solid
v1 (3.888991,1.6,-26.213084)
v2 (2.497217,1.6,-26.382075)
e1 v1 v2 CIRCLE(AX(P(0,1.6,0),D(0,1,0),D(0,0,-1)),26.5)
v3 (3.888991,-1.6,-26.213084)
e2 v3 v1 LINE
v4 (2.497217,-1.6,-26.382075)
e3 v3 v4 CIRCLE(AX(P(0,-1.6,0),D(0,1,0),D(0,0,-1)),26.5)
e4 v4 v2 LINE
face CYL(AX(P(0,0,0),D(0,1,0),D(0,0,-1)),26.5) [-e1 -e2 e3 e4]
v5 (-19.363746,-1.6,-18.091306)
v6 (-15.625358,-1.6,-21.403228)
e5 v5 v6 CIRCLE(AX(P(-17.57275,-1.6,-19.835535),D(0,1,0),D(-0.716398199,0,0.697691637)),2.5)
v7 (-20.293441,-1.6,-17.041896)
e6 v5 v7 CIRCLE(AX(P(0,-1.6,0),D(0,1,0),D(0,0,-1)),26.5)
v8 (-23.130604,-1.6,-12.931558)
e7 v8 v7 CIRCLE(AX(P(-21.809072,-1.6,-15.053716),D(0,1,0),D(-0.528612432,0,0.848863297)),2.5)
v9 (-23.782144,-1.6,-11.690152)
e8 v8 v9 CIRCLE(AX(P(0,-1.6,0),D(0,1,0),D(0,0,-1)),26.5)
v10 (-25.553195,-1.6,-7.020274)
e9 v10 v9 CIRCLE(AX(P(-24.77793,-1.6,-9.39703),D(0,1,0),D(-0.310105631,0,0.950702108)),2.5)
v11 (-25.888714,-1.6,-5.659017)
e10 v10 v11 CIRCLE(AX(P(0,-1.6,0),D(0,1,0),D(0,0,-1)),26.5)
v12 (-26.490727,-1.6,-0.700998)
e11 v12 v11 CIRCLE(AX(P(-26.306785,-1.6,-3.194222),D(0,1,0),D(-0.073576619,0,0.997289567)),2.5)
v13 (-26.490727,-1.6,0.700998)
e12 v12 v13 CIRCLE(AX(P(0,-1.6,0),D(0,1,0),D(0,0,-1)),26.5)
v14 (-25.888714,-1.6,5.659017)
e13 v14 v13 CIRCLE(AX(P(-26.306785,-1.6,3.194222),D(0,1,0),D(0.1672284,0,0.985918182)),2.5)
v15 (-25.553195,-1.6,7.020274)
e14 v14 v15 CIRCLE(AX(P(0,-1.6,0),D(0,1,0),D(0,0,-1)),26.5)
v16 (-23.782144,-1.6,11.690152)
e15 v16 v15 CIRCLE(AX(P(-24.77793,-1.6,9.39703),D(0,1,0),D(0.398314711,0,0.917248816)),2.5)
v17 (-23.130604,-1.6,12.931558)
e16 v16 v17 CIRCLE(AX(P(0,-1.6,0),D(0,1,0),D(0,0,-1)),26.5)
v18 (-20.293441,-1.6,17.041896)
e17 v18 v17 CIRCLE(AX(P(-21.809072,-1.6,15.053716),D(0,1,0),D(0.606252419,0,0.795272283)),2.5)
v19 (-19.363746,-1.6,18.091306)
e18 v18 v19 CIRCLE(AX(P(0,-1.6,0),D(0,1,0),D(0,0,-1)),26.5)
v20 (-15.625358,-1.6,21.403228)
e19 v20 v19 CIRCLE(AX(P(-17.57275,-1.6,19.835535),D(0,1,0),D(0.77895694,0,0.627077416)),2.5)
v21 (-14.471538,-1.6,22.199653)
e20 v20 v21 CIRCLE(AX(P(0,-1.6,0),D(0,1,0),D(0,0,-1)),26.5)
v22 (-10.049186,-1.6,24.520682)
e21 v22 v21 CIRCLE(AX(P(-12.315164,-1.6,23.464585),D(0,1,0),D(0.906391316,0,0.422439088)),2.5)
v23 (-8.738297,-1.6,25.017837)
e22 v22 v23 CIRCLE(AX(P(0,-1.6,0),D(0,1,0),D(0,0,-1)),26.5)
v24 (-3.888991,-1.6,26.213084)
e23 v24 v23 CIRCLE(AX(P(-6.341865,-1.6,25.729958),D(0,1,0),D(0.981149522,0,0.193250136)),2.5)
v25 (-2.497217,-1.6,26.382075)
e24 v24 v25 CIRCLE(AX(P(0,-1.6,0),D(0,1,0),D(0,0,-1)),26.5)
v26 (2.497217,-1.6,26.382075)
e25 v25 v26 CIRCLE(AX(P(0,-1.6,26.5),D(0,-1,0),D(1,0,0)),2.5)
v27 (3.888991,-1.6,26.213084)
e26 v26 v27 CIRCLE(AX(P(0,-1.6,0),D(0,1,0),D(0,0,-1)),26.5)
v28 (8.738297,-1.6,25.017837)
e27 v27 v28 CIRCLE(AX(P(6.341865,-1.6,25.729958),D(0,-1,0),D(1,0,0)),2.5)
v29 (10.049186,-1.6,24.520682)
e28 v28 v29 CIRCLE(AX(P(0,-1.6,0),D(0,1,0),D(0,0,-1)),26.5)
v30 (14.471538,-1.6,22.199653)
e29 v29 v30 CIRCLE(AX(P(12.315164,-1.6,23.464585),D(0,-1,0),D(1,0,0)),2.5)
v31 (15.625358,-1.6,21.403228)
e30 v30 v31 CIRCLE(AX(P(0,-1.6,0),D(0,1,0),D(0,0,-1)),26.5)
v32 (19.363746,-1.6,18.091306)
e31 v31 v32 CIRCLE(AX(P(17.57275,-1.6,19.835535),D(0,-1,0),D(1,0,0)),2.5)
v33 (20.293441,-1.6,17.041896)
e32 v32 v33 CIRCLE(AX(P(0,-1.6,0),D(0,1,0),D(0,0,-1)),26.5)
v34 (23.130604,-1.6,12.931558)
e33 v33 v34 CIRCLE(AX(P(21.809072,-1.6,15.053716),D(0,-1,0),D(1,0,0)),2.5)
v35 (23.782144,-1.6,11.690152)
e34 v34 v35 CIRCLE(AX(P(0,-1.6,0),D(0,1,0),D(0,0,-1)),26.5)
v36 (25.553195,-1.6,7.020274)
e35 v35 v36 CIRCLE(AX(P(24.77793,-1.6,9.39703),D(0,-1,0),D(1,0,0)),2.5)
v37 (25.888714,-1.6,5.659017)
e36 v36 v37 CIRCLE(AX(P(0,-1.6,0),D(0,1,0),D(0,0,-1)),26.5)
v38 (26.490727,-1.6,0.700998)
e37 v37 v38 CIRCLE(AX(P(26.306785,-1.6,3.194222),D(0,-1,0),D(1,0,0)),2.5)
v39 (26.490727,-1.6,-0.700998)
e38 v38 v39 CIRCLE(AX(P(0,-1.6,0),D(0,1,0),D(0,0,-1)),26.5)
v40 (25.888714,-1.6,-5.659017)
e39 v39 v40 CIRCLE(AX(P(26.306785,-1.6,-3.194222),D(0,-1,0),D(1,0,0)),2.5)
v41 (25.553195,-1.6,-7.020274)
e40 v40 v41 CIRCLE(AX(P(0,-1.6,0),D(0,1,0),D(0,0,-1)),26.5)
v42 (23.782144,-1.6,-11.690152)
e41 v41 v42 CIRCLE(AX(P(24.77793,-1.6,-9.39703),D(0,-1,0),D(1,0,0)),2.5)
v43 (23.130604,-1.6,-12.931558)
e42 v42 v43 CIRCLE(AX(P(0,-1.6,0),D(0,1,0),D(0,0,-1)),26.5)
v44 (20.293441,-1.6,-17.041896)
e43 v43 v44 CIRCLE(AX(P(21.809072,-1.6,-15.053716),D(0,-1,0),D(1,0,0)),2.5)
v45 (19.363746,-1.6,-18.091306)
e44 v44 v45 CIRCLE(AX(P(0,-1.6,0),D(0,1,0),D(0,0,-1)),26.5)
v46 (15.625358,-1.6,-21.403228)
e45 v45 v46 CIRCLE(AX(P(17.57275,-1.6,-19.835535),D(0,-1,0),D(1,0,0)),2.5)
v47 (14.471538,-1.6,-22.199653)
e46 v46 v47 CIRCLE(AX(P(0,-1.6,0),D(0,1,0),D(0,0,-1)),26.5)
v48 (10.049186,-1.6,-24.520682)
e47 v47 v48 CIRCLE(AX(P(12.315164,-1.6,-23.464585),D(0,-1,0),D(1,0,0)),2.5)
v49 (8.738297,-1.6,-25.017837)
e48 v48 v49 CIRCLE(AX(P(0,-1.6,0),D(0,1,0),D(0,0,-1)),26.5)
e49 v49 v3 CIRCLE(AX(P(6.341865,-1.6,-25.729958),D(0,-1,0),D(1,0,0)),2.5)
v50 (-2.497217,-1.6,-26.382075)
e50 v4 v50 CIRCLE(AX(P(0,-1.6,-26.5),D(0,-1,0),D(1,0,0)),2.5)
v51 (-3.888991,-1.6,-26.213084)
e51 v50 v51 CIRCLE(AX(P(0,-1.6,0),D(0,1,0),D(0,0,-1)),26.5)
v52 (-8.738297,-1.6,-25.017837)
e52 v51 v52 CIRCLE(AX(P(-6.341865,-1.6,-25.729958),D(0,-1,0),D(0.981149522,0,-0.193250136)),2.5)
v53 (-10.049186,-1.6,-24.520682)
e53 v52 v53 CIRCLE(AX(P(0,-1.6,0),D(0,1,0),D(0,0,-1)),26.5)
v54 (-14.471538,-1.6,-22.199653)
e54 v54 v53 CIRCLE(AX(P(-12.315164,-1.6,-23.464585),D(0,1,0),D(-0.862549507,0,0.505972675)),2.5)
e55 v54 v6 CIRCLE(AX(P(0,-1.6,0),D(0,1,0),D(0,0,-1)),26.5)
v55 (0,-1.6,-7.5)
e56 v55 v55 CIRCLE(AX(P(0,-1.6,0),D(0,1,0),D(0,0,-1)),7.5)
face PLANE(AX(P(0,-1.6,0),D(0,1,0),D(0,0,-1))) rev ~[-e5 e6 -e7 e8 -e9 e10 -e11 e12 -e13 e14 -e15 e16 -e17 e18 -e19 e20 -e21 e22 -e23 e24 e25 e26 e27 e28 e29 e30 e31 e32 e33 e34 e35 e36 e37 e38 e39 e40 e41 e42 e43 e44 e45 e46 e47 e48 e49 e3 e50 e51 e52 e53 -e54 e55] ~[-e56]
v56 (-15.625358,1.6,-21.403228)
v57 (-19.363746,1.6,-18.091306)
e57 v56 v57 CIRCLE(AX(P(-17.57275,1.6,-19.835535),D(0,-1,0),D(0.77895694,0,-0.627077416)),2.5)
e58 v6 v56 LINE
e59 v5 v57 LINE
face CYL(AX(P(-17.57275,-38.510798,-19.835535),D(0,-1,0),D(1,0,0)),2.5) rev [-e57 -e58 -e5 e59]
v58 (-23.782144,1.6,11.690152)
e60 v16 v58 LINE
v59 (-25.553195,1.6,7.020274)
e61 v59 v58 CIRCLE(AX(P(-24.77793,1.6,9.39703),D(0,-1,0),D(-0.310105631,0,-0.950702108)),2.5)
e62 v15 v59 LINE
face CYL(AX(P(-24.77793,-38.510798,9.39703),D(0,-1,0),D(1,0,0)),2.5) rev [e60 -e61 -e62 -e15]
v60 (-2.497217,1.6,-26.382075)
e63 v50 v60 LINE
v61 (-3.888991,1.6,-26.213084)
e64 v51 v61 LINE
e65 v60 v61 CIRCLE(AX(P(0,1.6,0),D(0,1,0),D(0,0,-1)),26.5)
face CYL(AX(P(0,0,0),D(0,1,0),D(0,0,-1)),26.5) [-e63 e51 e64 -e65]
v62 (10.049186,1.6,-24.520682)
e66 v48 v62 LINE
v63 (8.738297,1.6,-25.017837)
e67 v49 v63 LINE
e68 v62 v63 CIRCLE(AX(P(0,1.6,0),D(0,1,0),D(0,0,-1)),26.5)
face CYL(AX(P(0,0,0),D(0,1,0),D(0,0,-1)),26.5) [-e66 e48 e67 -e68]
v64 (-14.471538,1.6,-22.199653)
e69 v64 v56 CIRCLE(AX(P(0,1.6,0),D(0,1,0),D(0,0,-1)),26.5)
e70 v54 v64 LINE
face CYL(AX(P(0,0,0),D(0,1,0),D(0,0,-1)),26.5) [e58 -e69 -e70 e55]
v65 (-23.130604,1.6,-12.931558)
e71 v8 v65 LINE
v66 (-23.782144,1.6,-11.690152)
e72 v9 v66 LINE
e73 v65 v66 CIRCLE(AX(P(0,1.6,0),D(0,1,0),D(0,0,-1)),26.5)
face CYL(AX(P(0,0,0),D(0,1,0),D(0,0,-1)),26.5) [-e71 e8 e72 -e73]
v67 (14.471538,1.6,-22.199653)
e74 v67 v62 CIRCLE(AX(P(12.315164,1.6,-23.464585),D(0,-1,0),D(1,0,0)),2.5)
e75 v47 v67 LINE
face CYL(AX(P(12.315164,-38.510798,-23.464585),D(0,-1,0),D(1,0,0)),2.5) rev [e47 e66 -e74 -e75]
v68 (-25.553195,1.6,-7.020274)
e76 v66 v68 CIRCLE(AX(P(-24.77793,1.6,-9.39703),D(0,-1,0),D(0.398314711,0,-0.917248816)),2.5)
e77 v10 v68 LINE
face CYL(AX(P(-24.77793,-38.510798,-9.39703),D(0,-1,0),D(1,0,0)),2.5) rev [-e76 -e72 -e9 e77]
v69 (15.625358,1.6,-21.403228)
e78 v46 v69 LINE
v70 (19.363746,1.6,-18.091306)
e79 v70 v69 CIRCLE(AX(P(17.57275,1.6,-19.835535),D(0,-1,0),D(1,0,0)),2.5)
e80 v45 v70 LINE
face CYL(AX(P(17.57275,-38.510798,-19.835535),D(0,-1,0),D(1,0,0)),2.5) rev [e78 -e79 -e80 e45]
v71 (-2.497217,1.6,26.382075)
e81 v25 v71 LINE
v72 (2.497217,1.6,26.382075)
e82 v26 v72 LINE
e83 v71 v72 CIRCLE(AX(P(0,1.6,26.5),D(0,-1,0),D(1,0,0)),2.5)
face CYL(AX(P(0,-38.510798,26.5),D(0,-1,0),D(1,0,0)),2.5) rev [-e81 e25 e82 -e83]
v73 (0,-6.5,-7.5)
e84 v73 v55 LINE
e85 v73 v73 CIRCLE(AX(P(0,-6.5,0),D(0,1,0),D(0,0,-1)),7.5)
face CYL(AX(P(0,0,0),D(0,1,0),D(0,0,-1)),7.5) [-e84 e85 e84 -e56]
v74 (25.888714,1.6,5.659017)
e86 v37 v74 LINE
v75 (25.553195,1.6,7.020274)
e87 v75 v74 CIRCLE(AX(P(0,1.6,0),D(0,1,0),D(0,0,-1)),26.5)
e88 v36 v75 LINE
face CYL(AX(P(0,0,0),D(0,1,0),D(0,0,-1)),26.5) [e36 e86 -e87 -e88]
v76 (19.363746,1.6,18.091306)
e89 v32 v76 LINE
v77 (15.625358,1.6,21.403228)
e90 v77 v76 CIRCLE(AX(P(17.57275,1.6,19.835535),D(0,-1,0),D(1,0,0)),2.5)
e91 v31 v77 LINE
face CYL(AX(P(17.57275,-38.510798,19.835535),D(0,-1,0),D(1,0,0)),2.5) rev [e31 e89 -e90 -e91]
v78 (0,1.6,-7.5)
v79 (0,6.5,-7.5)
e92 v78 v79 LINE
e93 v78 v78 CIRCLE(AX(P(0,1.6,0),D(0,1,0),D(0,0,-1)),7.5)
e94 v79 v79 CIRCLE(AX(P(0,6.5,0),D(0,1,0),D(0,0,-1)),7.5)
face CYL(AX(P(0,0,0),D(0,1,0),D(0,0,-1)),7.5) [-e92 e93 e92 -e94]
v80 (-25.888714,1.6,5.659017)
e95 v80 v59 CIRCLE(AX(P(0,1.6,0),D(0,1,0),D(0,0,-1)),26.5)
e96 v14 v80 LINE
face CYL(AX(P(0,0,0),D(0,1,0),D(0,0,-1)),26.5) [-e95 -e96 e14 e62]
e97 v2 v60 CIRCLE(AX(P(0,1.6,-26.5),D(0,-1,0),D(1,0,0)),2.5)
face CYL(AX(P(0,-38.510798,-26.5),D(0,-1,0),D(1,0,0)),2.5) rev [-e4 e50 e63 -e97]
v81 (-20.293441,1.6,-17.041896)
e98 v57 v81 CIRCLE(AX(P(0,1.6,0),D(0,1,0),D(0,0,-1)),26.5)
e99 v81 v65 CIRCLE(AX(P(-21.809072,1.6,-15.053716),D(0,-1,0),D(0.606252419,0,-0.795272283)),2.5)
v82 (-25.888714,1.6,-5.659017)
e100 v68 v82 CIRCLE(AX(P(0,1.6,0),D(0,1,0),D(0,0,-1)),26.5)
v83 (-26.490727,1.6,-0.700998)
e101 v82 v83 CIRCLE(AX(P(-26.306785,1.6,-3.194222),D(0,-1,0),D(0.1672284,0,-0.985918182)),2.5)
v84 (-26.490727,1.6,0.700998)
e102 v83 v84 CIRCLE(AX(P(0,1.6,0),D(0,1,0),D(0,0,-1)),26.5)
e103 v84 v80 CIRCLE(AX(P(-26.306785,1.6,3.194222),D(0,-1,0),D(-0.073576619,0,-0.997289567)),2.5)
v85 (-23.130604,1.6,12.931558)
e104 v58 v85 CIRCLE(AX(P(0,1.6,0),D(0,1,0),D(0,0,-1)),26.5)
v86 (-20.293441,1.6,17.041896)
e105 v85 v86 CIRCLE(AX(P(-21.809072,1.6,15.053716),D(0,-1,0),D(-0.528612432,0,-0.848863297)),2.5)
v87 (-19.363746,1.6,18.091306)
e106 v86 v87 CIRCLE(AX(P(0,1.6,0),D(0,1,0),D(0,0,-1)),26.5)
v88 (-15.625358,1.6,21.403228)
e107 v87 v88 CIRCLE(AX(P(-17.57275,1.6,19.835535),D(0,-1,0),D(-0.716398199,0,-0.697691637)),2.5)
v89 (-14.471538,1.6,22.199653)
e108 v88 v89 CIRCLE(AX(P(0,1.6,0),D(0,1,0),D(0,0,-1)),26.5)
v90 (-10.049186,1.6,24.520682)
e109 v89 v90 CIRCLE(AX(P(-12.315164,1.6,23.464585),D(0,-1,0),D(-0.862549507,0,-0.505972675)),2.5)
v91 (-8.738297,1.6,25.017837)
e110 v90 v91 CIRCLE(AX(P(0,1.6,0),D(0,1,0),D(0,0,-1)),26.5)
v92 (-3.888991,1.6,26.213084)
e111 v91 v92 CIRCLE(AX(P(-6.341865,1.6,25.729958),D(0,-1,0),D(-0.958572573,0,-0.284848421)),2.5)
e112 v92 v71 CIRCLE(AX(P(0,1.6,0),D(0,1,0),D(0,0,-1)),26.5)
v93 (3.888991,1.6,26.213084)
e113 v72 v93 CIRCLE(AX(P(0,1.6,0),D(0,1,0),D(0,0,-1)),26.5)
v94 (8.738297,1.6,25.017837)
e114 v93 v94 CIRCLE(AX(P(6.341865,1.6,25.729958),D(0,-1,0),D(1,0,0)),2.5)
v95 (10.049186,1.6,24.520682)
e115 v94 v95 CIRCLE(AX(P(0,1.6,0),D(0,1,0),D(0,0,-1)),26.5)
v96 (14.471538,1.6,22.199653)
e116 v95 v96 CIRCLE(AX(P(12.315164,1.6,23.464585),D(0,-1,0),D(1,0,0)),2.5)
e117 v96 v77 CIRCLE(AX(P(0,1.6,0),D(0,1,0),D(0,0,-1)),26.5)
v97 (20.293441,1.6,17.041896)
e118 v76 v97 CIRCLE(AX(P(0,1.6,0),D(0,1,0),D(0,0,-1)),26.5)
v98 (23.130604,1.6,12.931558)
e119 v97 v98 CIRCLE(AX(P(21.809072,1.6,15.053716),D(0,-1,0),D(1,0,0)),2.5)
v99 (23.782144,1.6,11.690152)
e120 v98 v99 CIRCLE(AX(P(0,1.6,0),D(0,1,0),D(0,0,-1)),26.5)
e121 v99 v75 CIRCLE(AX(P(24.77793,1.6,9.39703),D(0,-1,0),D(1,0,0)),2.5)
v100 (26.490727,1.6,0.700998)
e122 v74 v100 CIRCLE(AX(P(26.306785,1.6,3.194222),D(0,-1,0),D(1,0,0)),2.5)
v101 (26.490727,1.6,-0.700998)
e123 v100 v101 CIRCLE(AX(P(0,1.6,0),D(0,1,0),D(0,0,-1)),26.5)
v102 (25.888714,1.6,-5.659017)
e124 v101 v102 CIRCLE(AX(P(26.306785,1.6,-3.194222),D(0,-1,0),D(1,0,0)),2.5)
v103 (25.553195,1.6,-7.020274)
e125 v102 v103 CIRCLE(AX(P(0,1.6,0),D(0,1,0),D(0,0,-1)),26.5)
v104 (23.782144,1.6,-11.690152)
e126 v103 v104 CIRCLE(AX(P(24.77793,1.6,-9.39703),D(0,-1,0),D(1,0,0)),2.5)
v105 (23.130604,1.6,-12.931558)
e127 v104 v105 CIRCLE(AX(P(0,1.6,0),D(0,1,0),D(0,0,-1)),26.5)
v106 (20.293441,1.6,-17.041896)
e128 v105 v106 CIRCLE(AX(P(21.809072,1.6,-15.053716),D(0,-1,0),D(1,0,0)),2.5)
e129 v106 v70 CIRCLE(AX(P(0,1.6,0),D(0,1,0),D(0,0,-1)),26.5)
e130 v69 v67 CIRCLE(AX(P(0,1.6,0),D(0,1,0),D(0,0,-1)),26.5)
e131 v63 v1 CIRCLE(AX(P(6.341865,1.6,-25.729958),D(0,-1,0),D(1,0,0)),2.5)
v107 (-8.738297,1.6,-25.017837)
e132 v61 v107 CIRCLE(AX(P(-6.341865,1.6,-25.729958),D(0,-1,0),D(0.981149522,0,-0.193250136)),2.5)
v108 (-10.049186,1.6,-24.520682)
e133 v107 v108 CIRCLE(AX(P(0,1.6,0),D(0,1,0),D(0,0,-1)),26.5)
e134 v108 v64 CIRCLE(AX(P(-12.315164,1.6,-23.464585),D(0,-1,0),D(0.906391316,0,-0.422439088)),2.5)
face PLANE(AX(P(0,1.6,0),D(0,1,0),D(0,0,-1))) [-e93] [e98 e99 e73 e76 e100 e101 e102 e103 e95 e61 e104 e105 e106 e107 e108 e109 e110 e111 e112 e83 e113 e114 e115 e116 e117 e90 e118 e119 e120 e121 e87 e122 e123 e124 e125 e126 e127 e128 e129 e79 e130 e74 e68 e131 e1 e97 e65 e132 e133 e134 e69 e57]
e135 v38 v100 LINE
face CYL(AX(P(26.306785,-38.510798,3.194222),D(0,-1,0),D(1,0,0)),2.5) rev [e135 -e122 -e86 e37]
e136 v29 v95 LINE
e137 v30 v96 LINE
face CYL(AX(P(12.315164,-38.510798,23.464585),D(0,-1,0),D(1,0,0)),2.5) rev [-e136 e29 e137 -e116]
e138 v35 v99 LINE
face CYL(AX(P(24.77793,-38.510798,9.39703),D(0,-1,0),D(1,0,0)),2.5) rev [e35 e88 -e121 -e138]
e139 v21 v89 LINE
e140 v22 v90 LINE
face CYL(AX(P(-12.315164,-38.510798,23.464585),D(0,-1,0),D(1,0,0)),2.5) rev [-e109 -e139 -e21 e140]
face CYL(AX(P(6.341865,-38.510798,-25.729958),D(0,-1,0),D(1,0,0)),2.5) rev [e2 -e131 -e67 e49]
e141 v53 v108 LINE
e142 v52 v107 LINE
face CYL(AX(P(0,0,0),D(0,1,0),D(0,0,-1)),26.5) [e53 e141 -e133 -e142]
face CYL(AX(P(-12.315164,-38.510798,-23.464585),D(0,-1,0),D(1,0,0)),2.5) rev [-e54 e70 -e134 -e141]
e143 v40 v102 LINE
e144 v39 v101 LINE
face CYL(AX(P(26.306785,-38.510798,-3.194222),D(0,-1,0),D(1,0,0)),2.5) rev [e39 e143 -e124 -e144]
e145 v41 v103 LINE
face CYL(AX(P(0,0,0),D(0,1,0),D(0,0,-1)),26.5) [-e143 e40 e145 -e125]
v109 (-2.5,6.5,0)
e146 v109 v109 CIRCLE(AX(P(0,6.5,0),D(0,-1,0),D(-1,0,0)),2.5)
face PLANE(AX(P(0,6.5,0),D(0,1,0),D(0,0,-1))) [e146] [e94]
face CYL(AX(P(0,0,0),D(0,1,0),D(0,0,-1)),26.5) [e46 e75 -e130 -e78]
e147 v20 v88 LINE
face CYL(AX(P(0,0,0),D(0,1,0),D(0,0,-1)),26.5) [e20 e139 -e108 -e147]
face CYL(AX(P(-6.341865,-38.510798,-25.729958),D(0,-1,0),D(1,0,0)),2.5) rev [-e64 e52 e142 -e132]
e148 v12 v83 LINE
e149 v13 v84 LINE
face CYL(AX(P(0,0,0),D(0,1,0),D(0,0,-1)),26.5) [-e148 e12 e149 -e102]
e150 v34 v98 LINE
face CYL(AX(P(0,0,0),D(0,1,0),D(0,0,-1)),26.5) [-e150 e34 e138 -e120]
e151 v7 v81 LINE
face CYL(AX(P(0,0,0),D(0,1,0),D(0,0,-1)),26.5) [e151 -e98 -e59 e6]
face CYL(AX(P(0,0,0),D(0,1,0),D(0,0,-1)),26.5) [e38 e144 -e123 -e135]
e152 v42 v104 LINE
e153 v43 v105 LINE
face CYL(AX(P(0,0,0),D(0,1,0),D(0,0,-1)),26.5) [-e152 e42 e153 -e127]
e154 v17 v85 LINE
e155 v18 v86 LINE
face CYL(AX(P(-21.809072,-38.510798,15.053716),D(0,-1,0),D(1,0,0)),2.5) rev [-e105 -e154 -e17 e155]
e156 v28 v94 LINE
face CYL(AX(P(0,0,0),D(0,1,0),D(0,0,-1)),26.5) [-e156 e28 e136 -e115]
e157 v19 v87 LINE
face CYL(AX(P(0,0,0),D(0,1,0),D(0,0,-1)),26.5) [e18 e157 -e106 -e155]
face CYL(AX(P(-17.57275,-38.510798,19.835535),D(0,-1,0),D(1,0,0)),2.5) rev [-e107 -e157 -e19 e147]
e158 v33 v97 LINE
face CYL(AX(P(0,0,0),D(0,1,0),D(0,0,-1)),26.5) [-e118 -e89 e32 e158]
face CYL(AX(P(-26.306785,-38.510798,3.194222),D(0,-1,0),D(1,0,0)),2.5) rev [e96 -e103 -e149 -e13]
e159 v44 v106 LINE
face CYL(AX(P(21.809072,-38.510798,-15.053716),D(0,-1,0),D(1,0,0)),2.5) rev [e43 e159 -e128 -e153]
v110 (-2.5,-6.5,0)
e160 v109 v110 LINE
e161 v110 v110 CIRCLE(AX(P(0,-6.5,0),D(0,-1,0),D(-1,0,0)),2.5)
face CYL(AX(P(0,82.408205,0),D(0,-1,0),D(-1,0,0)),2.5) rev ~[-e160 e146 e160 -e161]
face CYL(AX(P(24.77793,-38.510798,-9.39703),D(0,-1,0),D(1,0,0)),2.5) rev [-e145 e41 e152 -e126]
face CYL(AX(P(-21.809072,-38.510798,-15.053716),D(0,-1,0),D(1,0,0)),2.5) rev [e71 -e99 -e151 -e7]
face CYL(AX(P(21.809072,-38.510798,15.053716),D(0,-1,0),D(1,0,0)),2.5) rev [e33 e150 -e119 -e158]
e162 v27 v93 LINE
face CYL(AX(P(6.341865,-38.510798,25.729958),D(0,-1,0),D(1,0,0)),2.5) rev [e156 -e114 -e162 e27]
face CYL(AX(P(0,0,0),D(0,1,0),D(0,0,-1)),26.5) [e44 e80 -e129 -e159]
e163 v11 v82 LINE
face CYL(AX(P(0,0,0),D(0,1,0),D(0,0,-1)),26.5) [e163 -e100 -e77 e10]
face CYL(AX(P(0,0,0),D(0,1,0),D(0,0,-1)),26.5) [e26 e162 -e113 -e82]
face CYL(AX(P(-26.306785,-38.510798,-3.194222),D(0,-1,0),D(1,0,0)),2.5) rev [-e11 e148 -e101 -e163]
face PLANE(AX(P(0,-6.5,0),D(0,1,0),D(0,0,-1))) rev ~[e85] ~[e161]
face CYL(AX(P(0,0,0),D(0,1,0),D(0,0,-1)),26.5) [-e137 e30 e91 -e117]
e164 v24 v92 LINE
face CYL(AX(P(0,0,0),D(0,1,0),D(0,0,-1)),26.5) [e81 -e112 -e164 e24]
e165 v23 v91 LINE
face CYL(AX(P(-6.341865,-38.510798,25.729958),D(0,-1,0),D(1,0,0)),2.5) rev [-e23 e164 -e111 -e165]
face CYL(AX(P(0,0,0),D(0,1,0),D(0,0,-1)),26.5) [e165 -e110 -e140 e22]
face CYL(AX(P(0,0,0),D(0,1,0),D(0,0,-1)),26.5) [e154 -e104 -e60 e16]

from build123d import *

# Parameters (mm, degrees)
SKETCH2_R               = 26.5
BOSS_EXTRUDE1_DEPTH     = 1.6
CUT_EXTRUDE2_DEPTH      = 38.510798445
CUT_EXTRUDE2_DEPTH_BACK = 38.510798445
SKETCH1_R               = 2.5
SKETCH3_R               = 7.5
BOSS_EXTRUDE2_DEPTH     = 6.5
F_5_0MM_DOWEL_HOLE2_D   = 5


with BuildPart() as part:
    # Sketch2 → Boss-Extrude1 (new, symmetric)
    with BuildSketch(Plane(origin=(0, 0, 0), x_dir=(1, 0, 0), z_dir=(0, 1, 0))):
        with Locations(Location((0, 0, 0), (0, 0, 90))):
            Circle(SKETCH2_R)
    extrude(amount=BOSS_EXTRUDE1_DEPTH, both=True)

    # Sketch1 → Cut-Extrude2 (cut, two sides: drawn at the far end of the back side and taken through both)
    with BuildSketch(Plane(origin=(0, 0, 0), x_dir=(1, 0, 0), z_dir=(0, 1, 0)).offset(-CUT_EXTRUDE2_DEPTH_BACK)):
        with Locations((0, 26.5)):
            Circle(SKETCH1_R)
        with Locations((6.341865104, 25.729958162)):
            Circle(SKETCH1_R)
        with Locations((12.315164059, 23.46458468)):
            Circle(SKETCH1_R)
        with Locations((17.572750443, 19.835534827)):
            Circle(SKETCH1_R)
        with Locations((21.809072446, 15.053715788)):
            Circle(SKETCH1_R)
        with Locations((24.777930431, 9.397029507)):
            Circle(SKETCH1_R)
        with Locations((26.306785164, 3.194222027)):
            Circle(SKETCH1_R)
        with Locations((26.306785164, -3.194222027)):
            Circle(SKETCH1_R)
        with Locations((24.777930431, -9.397029507)):
            Circle(SKETCH1_R)
        with Locations((21.809072446, -15.053715788)):
            Circle(SKETCH1_R)
        with Locations((17.572750443, -19.835534827)):
            Circle(SKETCH1_R)
        with Locations((12.315164059, -23.46458468)):
            Circle(SKETCH1_R)
        with Locations((6.341865104, -25.729958162)):
            Circle(SKETCH1_R)
        with Locations((0, -26.5)):
            Circle(SKETCH1_R)
        with Locations((-6.341865104, -25.729958162)):
            Circle(SKETCH1_R)
        with Locations((-12.315164059, -23.46458468)):
            Circle(SKETCH1_R)
        with Locations((-17.572750443, -19.835534827)):
            Circle(SKETCH1_R)
        with Locations((-21.809072446, -15.053715788)):
            Circle(SKETCH1_R)
        with Locations((-24.777930431, -9.397029507)):
            Circle(SKETCH1_R)
        with Locations((-26.306785164, -3.194222027)):
            Circle(SKETCH1_R)
        with Locations((-26.306785164, 3.194222027)):
            Circle(SKETCH1_R)
        with Locations((-24.777930431, 9.397029507)):
            Circle(SKETCH1_R)
        with Locations((-21.809072446, 15.053715788)):
            Circle(SKETCH1_R)
        with Locations((-17.572750443, 19.835534827)):
            Circle(SKETCH1_R)
        with Locations((-12.315164059, 23.46458468)):
            Circle(SKETCH1_R)
        with Locations((-6.341865104, 25.729958162)):
            Circle(SKETCH1_R)
    extrude(amount=CUT_EXTRUDE2_DEPTH + CUT_EXTRUDE2_DEPTH_BACK, mode=Mode.SUBTRACT)

    # Sketch3 → Boss-Extrude2 (add, symmetric)
    with BuildSketch(Plane(origin=(0, 0, 0), x_dir=(1, 0, 0), z_dir=(0, 1, 0))):
        with Locations(Location((0, 0, 0), (0, 0, 90))):
            Circle(SKETCH3_R)
    extrude(amount=BOSS_EXTRUDE2_DEPTH, both=True)

    # Ø5.0mm Dowel Hole2 (through all)
    with Locations(Plane(origin=(0, 6.5, 0), x_dir=(1, 0, 0), z_dir=(0, 1, 0))):
        with Locations((0, 0)):
            Hole(F_5_0MM_DOWEL_HOLE2_D / 2)


solid = part.part
